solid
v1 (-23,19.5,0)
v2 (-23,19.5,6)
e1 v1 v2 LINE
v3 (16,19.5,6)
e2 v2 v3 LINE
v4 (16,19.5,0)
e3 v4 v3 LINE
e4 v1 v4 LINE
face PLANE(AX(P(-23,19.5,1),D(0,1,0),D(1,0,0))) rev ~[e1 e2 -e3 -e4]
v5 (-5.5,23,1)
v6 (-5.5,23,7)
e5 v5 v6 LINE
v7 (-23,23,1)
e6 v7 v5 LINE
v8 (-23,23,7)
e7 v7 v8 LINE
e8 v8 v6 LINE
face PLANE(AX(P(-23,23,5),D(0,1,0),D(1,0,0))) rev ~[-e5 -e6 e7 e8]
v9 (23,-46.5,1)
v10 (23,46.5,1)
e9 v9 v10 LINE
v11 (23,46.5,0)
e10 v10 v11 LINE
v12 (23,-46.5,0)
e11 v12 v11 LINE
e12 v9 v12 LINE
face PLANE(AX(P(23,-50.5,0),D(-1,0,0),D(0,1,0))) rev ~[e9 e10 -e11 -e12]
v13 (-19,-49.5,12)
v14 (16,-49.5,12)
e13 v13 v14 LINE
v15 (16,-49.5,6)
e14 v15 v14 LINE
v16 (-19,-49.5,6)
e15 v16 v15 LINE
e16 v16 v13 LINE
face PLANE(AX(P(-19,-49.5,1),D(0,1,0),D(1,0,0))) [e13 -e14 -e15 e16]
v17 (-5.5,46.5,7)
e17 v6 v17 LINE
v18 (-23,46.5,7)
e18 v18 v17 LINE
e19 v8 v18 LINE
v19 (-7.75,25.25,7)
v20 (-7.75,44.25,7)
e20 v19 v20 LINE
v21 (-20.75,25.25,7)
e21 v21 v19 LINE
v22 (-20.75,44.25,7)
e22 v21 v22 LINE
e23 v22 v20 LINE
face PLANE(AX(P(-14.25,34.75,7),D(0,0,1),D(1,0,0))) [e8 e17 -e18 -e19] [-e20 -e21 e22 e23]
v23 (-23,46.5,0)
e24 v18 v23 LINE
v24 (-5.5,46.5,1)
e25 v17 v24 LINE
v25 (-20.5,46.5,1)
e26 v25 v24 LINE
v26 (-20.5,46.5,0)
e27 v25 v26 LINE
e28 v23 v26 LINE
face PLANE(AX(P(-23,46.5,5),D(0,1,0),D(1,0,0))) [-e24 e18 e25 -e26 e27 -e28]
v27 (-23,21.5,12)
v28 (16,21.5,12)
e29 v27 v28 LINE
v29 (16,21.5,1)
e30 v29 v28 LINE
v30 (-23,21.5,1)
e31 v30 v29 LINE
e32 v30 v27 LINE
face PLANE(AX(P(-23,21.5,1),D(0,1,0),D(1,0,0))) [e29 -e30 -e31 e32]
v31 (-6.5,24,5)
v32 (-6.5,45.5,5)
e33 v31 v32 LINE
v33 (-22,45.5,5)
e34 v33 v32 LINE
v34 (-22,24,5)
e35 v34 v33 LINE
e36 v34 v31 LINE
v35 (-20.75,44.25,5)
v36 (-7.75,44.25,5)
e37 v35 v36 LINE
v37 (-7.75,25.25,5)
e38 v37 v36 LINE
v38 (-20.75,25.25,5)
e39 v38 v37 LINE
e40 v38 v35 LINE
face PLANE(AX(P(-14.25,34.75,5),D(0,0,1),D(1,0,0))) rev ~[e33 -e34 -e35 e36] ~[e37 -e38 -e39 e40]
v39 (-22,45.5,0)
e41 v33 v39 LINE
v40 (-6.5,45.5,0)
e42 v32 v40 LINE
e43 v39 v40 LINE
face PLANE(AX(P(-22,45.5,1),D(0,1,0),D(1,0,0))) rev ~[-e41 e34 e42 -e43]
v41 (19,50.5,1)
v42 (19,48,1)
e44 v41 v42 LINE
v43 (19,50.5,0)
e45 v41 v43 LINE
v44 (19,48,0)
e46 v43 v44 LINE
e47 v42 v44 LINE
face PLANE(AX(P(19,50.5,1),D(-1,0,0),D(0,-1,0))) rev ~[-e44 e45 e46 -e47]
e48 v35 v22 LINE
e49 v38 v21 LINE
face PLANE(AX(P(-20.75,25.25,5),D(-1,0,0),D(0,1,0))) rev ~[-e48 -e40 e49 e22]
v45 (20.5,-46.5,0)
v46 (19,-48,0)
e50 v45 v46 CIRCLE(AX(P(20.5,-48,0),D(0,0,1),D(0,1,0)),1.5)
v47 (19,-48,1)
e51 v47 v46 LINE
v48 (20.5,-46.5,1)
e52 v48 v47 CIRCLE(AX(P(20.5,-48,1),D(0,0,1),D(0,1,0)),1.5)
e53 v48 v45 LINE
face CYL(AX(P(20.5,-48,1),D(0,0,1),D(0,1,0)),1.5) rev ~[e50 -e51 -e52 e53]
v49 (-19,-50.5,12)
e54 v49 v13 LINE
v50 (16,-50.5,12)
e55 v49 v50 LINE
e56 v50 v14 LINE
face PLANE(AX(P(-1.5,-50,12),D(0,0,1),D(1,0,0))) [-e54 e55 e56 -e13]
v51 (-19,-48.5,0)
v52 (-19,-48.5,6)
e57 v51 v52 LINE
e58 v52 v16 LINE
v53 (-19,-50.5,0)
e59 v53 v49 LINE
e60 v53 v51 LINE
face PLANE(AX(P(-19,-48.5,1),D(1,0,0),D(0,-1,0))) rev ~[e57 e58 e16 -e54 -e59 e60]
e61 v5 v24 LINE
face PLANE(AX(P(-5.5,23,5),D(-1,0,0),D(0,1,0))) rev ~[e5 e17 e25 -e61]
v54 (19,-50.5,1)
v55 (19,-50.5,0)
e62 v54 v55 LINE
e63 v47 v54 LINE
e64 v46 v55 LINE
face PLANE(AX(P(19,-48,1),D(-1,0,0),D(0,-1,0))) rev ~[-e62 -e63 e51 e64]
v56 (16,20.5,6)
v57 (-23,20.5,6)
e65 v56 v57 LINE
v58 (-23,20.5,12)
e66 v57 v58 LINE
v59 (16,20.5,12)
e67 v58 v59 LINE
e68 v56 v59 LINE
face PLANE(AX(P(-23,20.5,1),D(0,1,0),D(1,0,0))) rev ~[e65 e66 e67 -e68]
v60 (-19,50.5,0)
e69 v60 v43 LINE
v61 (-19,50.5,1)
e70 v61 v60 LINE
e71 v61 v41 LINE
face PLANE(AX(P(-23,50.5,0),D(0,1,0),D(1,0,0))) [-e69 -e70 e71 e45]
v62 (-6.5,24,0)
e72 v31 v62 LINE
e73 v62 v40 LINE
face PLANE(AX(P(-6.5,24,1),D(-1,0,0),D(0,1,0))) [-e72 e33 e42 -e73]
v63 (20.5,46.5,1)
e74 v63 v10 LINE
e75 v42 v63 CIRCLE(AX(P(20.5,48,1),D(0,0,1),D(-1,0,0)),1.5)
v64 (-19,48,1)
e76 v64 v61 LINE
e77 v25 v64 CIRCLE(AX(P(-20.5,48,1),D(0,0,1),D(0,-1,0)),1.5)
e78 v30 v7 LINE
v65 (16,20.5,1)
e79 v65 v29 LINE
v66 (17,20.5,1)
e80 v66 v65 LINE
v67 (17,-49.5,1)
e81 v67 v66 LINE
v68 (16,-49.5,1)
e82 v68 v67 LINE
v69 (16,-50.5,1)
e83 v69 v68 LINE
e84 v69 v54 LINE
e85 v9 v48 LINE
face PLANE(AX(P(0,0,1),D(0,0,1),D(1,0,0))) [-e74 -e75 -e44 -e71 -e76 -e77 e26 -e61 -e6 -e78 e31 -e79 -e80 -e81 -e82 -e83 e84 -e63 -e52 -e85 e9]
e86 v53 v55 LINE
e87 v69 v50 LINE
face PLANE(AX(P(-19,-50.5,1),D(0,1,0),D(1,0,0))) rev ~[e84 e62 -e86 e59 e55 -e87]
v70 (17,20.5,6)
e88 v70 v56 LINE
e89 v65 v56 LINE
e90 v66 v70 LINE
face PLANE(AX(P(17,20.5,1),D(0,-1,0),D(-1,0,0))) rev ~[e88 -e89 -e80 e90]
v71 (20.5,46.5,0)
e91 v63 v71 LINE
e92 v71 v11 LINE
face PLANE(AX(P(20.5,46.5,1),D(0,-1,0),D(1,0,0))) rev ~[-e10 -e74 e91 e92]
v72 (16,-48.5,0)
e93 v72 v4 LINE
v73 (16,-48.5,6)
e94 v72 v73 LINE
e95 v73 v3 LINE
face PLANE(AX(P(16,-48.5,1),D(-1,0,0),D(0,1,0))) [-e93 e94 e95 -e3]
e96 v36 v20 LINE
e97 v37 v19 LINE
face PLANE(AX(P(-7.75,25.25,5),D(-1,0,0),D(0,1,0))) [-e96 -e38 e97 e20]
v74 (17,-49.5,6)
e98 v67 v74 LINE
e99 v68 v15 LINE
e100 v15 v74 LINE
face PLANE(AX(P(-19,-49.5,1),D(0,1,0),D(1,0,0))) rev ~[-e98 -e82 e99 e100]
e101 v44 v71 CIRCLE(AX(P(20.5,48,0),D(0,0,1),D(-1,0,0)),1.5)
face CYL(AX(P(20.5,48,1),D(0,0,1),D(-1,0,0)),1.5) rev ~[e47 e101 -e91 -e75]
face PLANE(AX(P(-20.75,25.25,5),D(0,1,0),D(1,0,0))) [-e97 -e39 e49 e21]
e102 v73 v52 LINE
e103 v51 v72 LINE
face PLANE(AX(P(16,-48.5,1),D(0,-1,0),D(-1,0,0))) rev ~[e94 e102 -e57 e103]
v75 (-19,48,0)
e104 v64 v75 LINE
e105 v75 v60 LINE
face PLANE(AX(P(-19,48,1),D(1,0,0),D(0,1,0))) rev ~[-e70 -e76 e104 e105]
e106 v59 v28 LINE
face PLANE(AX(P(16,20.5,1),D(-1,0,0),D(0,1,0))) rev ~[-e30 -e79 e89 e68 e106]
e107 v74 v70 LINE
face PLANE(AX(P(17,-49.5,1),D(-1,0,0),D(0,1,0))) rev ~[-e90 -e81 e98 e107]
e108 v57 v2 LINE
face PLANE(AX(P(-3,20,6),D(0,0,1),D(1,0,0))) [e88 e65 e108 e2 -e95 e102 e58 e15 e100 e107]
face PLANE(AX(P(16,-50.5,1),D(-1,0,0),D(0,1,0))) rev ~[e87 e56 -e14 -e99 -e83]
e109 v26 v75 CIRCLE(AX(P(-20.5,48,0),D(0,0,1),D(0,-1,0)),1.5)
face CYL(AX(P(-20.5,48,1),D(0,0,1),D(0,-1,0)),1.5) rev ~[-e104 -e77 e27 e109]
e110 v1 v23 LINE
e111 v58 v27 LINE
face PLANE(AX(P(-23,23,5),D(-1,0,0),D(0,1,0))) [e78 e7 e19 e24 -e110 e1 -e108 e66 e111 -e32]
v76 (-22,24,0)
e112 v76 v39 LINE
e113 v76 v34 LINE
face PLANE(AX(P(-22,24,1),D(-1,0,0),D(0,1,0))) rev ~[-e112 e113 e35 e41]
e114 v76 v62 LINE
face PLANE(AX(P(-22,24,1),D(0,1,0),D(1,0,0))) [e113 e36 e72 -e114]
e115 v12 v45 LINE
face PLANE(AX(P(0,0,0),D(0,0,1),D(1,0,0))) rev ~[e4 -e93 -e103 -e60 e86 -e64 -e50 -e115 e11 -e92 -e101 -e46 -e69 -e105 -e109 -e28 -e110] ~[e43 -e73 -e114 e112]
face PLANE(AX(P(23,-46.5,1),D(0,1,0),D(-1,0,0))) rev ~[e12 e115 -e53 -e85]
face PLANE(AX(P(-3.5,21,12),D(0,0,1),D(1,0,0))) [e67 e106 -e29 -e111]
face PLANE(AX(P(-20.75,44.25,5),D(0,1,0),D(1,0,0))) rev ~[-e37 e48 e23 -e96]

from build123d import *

# Parameters (mm, degrees)
F2_W      = 46
F2_H      = 101
F3_DEPTH  = 1
F5_DEPTH  = 1
F6_W      = 39
F6_H      = 68
F7_DEPTH  = 1
F8_W      = 39
F8_H      = 1
F8_W_2    = 35
F9_DEPTH  = 11
F10_W     = 1
F10_H     = 68
F11_DEPTH = 5
F12_W     = 17.5
F12_H     = 23.5
F12_W_2   = 15.5
F12_H_2   = 21.5
F13_DEPTH = 4
F14_W     = 15.5
F14_H     = 21.5
F15_DEPTH = 1
F16_W     = 17.5
F16_H     = 23.5
F16_W_2   = 13
F16_H_2   = 19
F17_DEPTH = 2


with BuildPart() as f3:
    # F2 (on Top) → F3 (new body)
    with BuildSketch(Plane.XY):
        Rectangle(F2_W, F2_H)
    extrude(amount=F3_DEPTH)

    # F4 (on face) → F5 (cut, through all)
    with BuildSketch(Plane.XY.offset(1)):
        with BuildLine():
            Line((-19, 50.5), (-23, 50.5))
            Line((-23, 50.5), (-23, 46.5))
            Line((-23, 46.5), (-20.5, 46.5))
            ThreePointArc((-20.5, 46.5), (-19.4393398282, 46.9393398282), (-19, 48))
            Line((-19, 48), (-19, 50.5))
        make_face()
        with BuildLine():
            Line((23, 46.5), (23, 50.5))
            Line((23, 50.5), (19, 50.5))
            Line((19, 50.5), (19, 48))
            ThreePointArc((19, 48), (19.4393398282, 46.9393398282), (20.5, 46.5))
            Line((20.5, 46.5), (23, 46.5))
        make_face()
        with BuildLine():
            Line((23, -46.5), (20.5, -46.5))
            ThreePointArc((20.5, -46.5), (19.4393398282, -46.9393398282), (19, -48))
            Line((19, -48), (19, -50.5))
            Line((19, -50.5), (23, -50.5))
            Line((23, -50.5), (23, -46.5))
        make_face()
        with BuildLine():
            ThreePointArc((-19, -48), (-19.4393398282, -46.9393398282), (-20.5, -46.5))
            Line((-20.5, -46.5), (-23, -46.5))
            Line((-23, -46.5), (-23, -50.5))
            Line((-23, -50.5), (-19, -50.5))
            Line((-19, -50.5), (-19, -48))
        make_face()
    extrude(amount=-F5_DEPTH, mode=Mode.SUBTRACT)

    # F6 (on face) → F7 (cut, through all)
    with BuildSketch(Plane.XY.offset(1)):
        with Locations((-3.5, -14.5)):
            Rectangle(F6_W, F6_H)
    extrude(amount=-F7_DEPTH, mode=Mode.SUBTRACT)

    # F8 (on face) → F9 (join)
    with BuildSketch(Plane.XY.offset(1)):
        with Locations((-3.5, 21)):
            Rectangle(F8_W, F8_H)
        with Locations((-1.5, -50)):
            Rectangle(F8_W_2, F8_H)
    extrude(amount=F9_DEPTH)

    # F10 (on face) → F11 (join)
    with BuildSketch(Plane.XY.offset(1)):
        Polygon((-23, 20.5), (-23, 19.5), (16, 19.5), (17, 19.5), (17, 20.5), align=None)
        with Locations((16.5, -14.5)):
            Rectangle(F10_W, F10_H)
        Polygon((17, -48.5), (16, -48.5), (-19, -48.5), (-19, -49.5), (17, -49.5), align=None)
    extrude(amount=F11_DEPTH)

    # F12 (on face) → F13 (join)
    with BuildSketch(Plane.XY.offset(1)):
        with Locations((-14.25, 34.75)):
            Rectangle(F12_W, F12_H)
        with Locations((-14.25, 34.75)):
            Rectangle(F12_W_2, F12_H_2, mode=Mode.SUBTRACT)
    extrude(amount=F13_DEPTH)

    # F14 (on face) → F15 (cut, through all)
    with BuildSketch(Plane.XY.offset(1)):
        with Locations((-14.25, 34.75)):
            Rectangle(F14_W, F14_H)
    extrude(amount=-F15_DEPTH, mode=Mode.SUBTRACT)

    # F16 (on face) → F17 (join)
    with BuildSketch(Plane.XY.offset(5)):
        with Locations((-14.25, 34.75)):
            Rectangle(F16_W, F16_H)
        with Locations((-14.25, 34.75)):
            Rectangle(F16_W_2, F16_H_2, mode=Mode.SUBTRACT)
    extrude(amount=F17_DEPTH)


solid = f3.part
